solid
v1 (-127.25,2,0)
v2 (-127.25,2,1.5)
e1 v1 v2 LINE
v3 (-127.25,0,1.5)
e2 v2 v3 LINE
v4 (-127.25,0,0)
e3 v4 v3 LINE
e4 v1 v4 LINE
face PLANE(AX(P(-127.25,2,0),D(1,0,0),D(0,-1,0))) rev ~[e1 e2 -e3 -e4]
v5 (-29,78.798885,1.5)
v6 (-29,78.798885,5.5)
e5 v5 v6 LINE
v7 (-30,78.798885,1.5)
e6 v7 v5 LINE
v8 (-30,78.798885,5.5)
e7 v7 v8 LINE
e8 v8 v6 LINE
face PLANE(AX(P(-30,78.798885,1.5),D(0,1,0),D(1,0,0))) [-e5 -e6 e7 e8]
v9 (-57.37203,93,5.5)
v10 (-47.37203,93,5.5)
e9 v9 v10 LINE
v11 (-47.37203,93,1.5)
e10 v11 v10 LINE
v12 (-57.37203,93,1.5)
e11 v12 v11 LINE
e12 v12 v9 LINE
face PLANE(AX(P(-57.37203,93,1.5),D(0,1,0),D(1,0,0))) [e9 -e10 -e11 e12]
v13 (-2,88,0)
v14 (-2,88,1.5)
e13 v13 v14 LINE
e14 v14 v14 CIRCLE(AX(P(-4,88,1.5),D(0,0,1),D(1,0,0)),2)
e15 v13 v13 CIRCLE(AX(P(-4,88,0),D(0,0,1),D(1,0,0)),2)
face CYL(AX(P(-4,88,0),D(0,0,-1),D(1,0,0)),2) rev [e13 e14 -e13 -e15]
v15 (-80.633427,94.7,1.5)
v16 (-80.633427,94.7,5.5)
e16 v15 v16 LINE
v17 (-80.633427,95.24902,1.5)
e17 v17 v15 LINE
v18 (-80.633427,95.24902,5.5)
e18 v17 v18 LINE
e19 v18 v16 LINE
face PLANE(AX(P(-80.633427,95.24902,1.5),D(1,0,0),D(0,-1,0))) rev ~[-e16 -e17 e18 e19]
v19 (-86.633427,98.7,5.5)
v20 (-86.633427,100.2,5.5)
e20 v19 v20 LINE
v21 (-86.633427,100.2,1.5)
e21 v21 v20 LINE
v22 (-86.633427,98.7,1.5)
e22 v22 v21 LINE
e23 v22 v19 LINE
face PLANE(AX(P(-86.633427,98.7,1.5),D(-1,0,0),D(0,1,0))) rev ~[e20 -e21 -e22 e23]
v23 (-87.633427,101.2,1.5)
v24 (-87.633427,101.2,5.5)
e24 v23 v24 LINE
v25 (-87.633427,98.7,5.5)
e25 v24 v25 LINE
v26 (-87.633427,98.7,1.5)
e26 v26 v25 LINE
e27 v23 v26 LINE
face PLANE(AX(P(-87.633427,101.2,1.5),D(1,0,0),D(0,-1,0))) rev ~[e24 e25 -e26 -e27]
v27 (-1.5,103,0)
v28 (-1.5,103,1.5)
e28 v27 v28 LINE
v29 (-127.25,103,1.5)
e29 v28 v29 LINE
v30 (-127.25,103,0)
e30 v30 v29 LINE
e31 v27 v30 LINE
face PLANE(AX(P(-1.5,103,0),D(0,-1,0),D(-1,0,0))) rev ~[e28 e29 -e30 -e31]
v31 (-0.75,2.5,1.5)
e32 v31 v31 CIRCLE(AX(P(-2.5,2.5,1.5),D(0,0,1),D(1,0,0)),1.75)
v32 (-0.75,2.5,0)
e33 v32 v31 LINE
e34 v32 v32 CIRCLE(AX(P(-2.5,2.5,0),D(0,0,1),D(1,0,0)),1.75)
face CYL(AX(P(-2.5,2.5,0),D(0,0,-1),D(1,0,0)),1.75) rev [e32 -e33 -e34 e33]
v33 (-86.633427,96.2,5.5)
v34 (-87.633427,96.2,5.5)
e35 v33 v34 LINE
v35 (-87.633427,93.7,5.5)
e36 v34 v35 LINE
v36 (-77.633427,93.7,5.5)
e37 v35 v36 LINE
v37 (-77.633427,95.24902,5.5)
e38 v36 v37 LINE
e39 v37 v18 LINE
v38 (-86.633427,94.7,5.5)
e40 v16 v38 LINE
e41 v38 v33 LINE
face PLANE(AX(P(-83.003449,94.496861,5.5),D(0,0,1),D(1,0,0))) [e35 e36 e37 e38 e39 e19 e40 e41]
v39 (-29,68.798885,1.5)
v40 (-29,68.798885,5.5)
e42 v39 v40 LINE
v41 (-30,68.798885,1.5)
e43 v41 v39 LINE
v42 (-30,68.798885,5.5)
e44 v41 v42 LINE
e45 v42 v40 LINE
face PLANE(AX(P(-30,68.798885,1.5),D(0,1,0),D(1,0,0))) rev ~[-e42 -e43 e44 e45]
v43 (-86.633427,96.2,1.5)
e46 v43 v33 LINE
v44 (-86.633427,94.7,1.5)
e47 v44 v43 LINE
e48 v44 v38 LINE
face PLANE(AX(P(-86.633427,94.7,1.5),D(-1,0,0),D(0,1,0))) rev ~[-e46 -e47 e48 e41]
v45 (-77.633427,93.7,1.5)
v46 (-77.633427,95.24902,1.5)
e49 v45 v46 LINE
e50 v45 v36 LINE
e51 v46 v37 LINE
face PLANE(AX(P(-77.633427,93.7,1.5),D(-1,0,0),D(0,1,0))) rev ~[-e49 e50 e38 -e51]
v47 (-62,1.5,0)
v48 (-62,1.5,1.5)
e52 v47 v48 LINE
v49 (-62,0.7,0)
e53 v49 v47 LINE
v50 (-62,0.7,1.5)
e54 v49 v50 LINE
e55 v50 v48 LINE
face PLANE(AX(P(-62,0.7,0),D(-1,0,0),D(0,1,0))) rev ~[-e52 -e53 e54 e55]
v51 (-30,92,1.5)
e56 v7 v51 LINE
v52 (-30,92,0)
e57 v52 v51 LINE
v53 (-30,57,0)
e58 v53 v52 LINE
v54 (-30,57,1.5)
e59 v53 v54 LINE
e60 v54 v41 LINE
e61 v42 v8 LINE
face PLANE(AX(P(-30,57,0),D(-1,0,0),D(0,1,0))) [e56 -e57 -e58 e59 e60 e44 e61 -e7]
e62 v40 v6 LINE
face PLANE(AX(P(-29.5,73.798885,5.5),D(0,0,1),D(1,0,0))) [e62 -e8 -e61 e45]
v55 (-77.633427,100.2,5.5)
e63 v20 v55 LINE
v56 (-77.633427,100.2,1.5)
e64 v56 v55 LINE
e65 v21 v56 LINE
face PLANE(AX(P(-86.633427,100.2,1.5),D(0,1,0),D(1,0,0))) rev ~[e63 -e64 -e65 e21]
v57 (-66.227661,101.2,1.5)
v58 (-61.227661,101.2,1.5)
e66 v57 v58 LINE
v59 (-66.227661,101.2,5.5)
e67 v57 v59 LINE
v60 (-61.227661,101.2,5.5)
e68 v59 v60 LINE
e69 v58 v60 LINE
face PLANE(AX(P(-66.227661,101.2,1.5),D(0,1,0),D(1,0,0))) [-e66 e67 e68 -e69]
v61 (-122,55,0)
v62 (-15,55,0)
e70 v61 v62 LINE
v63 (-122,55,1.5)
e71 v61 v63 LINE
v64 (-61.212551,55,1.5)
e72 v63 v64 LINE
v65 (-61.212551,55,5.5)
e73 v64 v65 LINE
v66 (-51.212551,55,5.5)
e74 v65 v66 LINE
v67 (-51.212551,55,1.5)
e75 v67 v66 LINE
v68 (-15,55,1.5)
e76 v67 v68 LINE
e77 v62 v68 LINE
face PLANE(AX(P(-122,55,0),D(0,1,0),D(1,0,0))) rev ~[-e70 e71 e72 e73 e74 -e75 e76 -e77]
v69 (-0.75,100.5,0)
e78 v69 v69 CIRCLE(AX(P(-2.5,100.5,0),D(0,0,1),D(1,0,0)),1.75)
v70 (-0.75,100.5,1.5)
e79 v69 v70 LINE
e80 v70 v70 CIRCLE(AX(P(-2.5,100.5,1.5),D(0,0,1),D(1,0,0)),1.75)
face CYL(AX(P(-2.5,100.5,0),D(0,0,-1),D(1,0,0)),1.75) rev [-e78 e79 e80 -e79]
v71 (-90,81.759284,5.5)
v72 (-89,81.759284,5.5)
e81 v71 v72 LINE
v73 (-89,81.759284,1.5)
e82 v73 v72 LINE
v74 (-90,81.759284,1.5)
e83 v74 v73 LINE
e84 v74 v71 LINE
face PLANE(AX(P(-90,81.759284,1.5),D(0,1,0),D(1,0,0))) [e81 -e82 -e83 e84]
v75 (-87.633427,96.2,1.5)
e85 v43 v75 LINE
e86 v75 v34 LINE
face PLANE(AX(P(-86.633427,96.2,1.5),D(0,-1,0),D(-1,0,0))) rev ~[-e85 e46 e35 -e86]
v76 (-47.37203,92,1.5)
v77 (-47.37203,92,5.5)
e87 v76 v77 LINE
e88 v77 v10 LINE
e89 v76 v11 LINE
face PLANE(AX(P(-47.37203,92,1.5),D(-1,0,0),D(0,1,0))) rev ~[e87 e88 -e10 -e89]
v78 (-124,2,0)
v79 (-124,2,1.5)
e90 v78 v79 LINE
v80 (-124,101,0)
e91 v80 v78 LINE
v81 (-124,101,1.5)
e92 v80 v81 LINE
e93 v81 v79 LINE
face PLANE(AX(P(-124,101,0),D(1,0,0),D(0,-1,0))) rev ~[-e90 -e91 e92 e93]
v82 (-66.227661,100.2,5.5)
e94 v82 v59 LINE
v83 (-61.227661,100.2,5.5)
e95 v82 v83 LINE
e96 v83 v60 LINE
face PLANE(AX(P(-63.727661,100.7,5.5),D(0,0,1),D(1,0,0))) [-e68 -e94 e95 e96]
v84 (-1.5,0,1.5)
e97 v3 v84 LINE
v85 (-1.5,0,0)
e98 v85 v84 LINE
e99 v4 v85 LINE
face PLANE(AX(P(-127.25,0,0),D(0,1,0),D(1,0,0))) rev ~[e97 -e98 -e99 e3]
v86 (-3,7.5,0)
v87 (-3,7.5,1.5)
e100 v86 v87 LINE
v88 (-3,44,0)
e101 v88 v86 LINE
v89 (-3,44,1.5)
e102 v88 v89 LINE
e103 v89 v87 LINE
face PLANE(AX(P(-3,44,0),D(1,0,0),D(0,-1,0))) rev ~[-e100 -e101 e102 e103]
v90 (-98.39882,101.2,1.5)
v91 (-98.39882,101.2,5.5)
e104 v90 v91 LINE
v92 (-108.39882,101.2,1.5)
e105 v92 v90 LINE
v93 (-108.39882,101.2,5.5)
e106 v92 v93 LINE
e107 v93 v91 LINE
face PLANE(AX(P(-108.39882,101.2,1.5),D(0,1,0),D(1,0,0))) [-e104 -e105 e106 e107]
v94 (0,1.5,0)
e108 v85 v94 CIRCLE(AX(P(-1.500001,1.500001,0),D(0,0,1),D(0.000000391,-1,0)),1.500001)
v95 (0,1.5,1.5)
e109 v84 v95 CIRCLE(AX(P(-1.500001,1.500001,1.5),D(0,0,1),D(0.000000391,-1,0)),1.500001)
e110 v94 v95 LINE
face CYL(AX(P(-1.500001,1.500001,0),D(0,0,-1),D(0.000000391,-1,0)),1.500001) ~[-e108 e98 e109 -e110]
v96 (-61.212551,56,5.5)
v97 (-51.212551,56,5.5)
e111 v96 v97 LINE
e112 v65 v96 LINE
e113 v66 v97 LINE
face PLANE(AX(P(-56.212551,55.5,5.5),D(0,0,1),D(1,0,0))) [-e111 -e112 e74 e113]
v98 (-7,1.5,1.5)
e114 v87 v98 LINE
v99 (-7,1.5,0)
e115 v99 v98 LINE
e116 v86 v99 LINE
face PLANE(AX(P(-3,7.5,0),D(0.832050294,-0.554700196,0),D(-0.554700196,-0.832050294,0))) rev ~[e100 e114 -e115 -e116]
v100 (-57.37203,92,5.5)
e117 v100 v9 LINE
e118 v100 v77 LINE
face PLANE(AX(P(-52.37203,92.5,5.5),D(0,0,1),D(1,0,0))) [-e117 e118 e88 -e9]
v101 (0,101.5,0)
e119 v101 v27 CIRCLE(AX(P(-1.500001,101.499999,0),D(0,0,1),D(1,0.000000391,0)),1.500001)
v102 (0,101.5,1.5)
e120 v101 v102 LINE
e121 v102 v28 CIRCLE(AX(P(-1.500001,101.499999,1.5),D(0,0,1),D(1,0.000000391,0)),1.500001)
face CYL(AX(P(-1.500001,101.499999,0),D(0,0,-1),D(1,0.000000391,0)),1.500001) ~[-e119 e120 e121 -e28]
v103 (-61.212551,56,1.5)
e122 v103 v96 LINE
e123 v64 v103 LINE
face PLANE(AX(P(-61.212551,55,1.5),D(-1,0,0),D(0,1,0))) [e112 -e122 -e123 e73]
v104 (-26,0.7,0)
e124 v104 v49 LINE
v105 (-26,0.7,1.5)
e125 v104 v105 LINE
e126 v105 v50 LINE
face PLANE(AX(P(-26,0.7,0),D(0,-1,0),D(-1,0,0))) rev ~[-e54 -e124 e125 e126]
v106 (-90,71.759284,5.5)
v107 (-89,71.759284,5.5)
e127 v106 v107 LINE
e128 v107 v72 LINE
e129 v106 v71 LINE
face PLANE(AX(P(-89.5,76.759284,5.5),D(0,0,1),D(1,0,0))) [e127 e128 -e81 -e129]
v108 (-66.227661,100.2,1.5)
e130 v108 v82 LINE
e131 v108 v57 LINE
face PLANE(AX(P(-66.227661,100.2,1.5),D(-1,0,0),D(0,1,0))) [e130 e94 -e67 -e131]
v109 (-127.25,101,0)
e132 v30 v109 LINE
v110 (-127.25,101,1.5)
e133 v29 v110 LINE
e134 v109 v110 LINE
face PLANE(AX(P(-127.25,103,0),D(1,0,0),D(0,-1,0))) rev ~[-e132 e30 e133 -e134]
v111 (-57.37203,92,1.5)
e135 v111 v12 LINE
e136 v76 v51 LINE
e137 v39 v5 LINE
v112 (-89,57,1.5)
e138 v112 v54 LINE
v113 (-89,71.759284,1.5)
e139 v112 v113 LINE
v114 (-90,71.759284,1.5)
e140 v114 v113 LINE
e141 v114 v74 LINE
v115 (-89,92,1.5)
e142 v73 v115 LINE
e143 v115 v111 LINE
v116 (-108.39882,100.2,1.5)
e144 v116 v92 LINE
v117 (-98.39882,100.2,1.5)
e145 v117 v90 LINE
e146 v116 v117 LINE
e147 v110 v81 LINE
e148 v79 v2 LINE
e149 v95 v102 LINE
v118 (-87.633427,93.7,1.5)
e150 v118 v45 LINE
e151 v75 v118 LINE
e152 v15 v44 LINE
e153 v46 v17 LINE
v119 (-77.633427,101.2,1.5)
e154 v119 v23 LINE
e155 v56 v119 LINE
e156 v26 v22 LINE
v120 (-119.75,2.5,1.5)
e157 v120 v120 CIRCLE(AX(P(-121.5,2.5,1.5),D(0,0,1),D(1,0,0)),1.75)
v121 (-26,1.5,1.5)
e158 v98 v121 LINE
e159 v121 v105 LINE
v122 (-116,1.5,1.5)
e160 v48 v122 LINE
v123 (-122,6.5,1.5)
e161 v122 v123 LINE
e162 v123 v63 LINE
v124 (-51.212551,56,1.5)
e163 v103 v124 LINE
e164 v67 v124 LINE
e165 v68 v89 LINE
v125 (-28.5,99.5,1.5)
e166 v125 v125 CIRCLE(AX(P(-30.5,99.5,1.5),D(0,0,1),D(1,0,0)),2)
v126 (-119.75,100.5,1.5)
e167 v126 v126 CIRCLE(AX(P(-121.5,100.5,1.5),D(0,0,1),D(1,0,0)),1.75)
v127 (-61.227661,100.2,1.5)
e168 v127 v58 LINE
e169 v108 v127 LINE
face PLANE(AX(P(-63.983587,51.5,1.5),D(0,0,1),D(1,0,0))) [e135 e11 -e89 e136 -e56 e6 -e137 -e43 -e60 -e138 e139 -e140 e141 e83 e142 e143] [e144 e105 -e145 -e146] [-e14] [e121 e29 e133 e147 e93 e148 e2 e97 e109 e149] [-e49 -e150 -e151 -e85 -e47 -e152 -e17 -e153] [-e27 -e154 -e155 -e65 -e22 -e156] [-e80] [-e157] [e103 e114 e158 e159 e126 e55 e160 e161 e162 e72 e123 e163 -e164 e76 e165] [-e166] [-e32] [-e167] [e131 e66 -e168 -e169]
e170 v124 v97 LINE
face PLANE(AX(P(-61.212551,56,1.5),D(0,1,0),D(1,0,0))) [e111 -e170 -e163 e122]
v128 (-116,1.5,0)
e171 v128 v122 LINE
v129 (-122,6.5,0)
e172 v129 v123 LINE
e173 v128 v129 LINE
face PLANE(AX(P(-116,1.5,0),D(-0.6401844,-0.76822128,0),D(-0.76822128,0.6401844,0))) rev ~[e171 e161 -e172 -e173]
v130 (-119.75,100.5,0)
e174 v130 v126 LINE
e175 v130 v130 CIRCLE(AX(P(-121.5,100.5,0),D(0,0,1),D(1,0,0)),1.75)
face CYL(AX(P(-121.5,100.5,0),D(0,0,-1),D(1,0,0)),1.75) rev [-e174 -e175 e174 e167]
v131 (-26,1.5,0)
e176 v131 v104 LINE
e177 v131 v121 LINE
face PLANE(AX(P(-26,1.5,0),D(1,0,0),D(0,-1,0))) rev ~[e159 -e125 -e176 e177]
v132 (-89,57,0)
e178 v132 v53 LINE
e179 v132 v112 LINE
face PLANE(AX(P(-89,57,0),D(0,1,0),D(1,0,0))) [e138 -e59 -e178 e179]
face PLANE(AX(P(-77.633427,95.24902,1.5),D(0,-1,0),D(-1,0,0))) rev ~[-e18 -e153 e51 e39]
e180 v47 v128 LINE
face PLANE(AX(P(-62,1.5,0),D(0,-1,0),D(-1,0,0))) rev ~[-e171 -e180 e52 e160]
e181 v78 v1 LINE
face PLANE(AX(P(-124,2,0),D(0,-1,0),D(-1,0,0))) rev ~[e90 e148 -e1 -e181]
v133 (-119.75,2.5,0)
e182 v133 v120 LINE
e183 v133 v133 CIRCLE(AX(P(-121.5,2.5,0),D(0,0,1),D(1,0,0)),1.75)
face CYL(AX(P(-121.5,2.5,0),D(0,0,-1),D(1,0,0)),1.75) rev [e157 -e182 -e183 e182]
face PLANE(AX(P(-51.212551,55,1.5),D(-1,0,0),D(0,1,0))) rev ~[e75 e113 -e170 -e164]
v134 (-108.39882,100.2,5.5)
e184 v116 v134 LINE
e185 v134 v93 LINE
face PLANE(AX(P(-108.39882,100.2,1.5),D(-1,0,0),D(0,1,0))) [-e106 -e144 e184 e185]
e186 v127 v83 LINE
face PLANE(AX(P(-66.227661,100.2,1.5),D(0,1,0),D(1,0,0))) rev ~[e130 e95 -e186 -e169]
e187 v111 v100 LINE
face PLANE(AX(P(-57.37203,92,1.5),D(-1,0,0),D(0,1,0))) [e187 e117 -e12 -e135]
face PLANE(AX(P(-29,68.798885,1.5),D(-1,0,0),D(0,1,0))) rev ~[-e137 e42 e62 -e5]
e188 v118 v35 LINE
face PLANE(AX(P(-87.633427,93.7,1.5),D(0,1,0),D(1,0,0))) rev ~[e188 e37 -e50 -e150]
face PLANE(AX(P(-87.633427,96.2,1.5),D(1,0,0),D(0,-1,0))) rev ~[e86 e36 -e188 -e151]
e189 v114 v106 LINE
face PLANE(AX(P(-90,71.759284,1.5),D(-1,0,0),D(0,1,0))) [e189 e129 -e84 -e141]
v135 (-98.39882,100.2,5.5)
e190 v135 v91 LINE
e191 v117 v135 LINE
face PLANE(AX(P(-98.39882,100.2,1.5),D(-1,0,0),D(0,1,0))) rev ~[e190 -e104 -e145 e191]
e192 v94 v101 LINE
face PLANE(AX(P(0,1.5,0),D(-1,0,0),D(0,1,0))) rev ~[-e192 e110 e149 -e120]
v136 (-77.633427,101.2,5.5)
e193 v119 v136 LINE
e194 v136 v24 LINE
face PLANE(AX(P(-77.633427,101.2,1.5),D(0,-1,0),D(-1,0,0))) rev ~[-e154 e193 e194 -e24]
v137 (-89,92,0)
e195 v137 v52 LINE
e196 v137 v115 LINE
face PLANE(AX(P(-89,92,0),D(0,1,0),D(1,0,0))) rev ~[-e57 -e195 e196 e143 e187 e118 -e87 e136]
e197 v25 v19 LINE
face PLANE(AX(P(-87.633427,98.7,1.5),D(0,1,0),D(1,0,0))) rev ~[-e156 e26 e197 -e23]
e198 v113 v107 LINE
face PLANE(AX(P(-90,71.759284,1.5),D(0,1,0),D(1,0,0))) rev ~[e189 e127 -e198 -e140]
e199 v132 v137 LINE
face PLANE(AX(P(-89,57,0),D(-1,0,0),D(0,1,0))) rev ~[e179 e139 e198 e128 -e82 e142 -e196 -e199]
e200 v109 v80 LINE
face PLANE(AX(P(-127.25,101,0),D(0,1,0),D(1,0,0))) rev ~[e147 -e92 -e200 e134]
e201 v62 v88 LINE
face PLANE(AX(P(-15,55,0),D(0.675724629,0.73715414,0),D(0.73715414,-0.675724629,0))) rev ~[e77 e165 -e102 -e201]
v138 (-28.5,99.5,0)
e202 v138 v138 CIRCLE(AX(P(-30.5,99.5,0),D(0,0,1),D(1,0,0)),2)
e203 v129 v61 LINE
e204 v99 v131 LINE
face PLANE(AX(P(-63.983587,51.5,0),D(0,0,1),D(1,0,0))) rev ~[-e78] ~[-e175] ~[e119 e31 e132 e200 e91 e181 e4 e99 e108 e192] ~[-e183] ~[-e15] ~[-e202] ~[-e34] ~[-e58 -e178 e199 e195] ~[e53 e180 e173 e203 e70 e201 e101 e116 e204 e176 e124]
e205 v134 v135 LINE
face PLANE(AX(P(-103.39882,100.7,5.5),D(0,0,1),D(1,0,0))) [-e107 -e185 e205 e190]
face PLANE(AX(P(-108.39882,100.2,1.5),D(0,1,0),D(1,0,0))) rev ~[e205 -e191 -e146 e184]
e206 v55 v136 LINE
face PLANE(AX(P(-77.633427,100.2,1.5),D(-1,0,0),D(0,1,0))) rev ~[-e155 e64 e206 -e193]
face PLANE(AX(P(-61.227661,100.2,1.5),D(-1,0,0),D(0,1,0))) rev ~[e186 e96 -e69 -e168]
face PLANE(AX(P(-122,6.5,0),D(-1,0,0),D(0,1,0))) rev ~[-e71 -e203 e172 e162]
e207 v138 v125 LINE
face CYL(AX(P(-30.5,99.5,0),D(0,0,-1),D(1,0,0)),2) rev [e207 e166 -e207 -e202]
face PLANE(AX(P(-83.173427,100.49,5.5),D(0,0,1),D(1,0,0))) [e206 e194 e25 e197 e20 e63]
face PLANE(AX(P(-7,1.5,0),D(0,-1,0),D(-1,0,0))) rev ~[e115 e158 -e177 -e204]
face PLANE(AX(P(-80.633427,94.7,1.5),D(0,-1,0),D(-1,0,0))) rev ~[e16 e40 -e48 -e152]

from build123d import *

# Parameters (mm, degrees)
F0_R     = 1.75
F0_W     = 59
F0_H     = 35
F0_R_2   = 2
F1_DEPTH = 1.5
F2_W     = 1
F2_H     = 10
F2_W_2   = 10
F2_H_2   = 1
F2_W_3   = 5
F3_DEPTH = 4


with BuildPart() as f1:
    # F0 (on Top) → F1 (new body)
    with BuildSketch(Plane.XY):
        with BuildLine():
            Line((-122.5, 0), (-1.5, 0))
            ThreePointArc((-1.5, 0), (-0.43934, 0.43934), (0, 1.5))
            Line((0, 1.5), (0, 101.5))
            ThreePointArc((0, 101.5), (-0.43934, 102.56066), (-1.5, 103))
            Line((-1.5, 103), (-122.5, 103))
            Line((-122.5, 103), (-127.25, 103))
            Line((-127.25, 103), (-127.25, 101))
            Line((-127.25, 101), (-124, 101))
            Line((-124, 101), (-124, 2))
            Line((-124, 2), (-127.25, 2))
            Line((-127.25, 2), (-127.25, 0))
            Line((-127.25, 0), (-122.5, 0))
        make_face()
        with Locations((-121.5, 2.5)):
            Circle(F0_R, mode=Mode.SUBTRACT)
        with Locations((-2.5, 2.5)):
            Circle(F0_R, mode=Mode.SUBTRACT)
        Polygon((-3, 7.5), (-7, 1.5), (-26, 1.5), (-26, 0.7), (-62, 0.7), (-62, 1.5), (-116, 1.5), (-122, 6.5), (-122, 55), (-30, 55), (-15, 55), (-3, 44), align=None, mode=Mode.SUBTRACT)
        with Locations((-121.5, 100.5)):
            Circle(F0_R, mode=Mode.SUBTRACT)
        with Locations((-59.5, 74.5)):
            Rectangle(F0_W, F0_H, mode=Mode.SUBTRACT)
        with Locations((-4, 88)):
            Circle(F0_R_2, mode=Mode.SUBTRACT)
        with Locations((-30.5, 99.5)):
            Circle(F0_R_2, mode=Mode.SUBTRACT)
        with Locations((-2.5, 100.5)):
            Circle(F0_R, mode=Mode.SUBTRACT)
    extrude(amount=F1_DEPTH)

    # F2 (on face) → F3 (join)
    with BuildSketch(Plane.XY.offset(1.5)):
        Polygon((-77.633427, 101.2), (-87.633427, 101.2), (-87.633427, 100.2), (-87.633427, 98.7), (-86.633427, 98.7), (-86.633427, 100.2), (-77.633427, 100.2), align=None)
        Polygon((-86.633427, 96.2), (-87.633427, 96.2), (-87.633427, 94.7), (-87.633427, 93.7), (-77.633427, 93.7), (-77.633427, 94.7), (-77.633427, 95.24902), (-80.633427, 95.24902), (-80.633427, 94.7), (-86.633427, 94.7), align=None)
        with Locations((-89.5, 76.759284)):
            Rectangle(F2_W, F2_H)
        with Locations((-56.212551, 55.5)):
            Rectangle(F2_W_2, F2_H_2)
        with Locations((-29.5, 73.798885)):
            Rectangle(F2_W, F2_H)
        with Locations((-52.37203, 92.5)):
            Rectangle(F2_W_2, F2_H_2)
        with Locations((-103.39882, 100.7)):
            Rectangle(F2_W_2, F2_H_2)
        with Locations((-63.727661, 100.7)):
            Rectangle(F2_W_3, F2_H_2)
    extrude(amount=F3_DEPTH)


solid = f1.part
